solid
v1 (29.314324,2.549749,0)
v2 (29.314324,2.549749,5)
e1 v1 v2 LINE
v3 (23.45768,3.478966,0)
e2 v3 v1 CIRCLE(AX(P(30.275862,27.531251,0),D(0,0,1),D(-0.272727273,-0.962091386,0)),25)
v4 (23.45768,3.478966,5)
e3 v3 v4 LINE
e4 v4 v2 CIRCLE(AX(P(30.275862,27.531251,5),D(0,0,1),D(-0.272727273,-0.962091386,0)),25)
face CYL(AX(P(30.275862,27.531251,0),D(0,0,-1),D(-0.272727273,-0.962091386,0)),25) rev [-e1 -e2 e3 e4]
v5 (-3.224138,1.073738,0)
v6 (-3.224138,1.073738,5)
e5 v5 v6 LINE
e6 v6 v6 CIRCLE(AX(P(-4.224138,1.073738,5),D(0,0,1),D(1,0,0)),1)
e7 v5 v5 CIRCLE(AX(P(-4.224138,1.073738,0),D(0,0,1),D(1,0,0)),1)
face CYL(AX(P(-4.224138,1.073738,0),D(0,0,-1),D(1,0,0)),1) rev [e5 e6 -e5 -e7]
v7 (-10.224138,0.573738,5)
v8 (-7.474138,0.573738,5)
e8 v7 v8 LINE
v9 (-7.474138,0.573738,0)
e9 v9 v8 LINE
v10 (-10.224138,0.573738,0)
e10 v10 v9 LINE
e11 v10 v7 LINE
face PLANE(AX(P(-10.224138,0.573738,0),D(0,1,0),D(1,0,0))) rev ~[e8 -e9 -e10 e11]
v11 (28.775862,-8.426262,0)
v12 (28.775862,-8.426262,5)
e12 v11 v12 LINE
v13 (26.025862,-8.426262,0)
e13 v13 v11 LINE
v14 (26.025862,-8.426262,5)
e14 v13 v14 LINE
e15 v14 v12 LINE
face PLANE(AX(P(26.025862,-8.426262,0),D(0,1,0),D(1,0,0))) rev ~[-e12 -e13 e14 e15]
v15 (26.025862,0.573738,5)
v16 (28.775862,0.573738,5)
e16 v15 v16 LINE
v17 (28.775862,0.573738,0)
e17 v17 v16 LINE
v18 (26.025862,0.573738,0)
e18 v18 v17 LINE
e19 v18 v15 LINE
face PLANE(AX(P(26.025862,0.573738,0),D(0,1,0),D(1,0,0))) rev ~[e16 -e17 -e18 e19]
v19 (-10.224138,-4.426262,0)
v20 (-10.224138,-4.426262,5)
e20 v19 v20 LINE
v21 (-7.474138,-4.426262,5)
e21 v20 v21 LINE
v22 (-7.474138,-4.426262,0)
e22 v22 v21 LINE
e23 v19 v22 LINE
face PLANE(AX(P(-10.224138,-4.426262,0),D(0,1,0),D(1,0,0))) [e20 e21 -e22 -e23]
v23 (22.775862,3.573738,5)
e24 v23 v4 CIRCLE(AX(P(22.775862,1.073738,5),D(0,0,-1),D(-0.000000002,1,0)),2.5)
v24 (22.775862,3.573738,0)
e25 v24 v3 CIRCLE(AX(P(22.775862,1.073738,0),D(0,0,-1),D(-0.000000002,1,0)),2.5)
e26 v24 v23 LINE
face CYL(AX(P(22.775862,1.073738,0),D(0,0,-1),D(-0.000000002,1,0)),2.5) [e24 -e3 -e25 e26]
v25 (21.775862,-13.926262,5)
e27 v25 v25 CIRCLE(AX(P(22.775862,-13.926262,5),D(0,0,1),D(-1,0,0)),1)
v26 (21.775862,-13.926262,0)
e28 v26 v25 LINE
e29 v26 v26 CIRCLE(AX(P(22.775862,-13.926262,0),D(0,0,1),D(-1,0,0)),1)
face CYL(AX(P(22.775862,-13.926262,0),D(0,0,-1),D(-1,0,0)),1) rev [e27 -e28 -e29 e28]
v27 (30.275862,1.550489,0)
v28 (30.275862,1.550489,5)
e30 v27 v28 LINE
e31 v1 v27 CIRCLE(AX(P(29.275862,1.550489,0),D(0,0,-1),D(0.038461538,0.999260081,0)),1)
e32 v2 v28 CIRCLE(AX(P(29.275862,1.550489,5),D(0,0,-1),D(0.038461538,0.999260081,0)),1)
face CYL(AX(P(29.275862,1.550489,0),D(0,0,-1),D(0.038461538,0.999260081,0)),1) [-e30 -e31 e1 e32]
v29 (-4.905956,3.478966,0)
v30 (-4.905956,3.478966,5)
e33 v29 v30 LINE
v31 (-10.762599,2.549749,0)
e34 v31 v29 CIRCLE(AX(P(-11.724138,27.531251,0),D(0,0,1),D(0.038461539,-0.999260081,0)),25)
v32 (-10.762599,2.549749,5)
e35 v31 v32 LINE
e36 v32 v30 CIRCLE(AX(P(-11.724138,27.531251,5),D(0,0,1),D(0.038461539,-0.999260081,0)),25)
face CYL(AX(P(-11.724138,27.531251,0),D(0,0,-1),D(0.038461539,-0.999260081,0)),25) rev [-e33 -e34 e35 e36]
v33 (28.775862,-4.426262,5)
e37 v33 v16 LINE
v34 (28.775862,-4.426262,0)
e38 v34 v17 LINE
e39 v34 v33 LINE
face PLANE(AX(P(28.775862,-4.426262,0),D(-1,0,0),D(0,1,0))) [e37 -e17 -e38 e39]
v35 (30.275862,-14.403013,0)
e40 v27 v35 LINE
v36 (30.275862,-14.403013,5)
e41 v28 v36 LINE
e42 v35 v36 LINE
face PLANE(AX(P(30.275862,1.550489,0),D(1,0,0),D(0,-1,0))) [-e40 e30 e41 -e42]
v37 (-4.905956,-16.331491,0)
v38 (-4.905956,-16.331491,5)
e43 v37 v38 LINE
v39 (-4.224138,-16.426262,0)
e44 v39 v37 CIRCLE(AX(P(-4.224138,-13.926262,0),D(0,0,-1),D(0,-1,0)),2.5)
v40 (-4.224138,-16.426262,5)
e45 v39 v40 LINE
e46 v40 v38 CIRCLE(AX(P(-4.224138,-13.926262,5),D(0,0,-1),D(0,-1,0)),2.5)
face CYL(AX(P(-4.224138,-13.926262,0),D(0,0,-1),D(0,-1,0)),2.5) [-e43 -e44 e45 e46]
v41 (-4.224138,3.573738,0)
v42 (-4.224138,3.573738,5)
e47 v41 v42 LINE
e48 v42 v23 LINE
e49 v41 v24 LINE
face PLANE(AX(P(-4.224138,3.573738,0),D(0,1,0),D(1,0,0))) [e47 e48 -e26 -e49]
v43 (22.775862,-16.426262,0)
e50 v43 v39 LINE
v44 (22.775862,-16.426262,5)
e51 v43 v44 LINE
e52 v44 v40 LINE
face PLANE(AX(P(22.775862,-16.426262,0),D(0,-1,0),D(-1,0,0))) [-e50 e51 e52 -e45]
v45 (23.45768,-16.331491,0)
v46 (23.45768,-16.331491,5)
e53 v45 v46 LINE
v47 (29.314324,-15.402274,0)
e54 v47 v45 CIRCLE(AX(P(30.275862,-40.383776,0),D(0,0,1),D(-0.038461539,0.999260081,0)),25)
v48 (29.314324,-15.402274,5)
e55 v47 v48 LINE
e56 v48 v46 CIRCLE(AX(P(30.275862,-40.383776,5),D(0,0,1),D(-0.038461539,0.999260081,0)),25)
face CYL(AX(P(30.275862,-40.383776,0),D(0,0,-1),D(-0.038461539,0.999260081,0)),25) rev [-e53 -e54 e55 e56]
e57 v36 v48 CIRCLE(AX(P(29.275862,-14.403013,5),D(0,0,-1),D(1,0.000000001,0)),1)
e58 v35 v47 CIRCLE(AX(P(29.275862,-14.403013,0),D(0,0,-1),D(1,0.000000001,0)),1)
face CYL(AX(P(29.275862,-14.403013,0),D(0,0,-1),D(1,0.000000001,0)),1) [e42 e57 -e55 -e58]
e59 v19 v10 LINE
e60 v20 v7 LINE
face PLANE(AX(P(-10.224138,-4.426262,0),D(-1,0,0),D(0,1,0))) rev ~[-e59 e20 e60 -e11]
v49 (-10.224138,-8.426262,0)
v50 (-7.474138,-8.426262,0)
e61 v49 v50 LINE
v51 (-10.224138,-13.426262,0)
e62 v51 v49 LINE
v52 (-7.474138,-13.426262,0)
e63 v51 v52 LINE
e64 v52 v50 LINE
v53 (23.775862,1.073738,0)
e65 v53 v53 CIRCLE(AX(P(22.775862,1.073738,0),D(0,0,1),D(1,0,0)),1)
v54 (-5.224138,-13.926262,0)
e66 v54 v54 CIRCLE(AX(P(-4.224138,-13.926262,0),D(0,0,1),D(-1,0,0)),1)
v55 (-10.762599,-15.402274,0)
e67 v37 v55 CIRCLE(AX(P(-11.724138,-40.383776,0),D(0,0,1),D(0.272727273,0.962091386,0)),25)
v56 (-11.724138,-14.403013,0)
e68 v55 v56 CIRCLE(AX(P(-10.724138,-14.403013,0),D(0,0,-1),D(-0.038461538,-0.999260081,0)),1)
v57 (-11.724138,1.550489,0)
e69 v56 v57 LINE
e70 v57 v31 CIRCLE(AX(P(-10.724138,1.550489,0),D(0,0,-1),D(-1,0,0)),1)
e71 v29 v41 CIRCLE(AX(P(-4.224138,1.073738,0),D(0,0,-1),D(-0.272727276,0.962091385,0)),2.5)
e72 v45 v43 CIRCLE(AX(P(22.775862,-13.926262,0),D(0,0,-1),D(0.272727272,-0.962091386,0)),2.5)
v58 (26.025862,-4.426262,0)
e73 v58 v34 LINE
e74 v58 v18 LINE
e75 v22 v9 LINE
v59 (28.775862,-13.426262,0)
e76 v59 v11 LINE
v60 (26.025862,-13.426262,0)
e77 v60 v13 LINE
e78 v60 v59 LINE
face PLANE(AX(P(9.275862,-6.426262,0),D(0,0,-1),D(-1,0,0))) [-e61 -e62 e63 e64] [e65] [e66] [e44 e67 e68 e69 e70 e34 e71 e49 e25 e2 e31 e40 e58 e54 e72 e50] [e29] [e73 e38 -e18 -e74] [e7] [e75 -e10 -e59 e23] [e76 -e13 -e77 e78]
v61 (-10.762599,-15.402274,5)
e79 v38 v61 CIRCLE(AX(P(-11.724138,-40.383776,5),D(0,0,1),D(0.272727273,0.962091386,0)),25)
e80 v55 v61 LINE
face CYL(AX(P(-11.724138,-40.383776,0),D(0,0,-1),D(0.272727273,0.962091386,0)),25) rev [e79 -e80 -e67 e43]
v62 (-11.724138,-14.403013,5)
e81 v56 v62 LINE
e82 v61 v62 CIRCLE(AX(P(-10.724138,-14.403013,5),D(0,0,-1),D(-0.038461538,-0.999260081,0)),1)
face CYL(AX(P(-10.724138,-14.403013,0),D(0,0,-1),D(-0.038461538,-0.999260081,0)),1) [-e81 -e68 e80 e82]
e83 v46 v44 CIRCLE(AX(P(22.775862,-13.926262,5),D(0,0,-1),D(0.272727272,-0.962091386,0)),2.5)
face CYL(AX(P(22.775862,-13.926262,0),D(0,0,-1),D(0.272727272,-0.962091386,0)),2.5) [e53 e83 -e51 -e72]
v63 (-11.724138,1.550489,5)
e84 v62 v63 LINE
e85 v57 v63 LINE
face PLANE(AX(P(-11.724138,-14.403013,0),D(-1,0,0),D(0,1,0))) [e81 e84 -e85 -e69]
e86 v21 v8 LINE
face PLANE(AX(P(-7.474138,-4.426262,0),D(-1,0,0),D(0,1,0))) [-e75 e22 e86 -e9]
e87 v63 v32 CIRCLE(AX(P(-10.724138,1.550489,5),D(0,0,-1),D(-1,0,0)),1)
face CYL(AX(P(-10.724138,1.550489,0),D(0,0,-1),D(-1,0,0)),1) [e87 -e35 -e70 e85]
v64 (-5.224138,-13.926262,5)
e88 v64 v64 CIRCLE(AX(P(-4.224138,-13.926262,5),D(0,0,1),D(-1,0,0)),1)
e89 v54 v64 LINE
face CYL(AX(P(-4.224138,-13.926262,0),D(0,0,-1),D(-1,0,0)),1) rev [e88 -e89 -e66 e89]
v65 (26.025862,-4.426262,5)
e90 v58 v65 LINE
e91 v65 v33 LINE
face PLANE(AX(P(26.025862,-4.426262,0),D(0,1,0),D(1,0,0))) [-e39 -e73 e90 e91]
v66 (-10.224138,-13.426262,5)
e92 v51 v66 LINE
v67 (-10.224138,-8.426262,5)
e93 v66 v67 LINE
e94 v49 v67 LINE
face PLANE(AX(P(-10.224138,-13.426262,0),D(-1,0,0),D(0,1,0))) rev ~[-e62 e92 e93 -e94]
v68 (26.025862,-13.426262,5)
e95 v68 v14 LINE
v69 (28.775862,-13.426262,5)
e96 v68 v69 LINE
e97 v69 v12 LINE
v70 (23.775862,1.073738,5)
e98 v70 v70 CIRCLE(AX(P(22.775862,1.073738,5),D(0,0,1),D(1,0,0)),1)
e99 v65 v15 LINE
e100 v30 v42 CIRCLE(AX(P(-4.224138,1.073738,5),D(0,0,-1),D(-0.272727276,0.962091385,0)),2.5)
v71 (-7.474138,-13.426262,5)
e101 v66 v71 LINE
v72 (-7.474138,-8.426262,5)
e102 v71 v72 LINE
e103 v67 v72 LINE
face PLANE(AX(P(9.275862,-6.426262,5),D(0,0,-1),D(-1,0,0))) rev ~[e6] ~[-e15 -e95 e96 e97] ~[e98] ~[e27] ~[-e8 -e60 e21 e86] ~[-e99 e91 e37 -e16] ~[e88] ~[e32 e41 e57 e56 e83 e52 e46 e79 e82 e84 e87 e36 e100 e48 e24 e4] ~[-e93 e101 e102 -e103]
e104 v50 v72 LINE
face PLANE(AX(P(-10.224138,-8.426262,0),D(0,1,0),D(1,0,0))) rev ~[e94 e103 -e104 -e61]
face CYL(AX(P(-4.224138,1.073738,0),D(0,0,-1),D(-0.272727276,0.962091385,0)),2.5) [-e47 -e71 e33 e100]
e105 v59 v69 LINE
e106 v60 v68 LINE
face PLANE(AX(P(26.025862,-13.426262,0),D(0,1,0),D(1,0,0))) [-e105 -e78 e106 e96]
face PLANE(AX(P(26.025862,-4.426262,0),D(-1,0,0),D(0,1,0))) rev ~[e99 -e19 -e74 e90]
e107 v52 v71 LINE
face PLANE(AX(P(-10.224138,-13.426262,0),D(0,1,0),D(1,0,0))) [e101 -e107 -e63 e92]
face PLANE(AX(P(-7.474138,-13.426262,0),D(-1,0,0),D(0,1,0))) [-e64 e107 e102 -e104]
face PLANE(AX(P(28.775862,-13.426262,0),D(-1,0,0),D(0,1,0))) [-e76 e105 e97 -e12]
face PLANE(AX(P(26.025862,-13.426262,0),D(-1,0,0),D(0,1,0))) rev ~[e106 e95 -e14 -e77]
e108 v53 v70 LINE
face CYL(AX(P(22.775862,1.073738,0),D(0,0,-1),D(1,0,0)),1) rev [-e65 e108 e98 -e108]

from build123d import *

# Parameters (mm, degrees)
ESQUISSE1_R        = 1
ESQUISSE1_W        = 2.75
ESQUISSE1_H        = 5
BOSS_EXTRU_1_DEPTH = 5


with BuildPart() as part:
    # Esquisse1 → Boss.-Extru.1 (new body)
    with BuildSketch(Plane.XY):
        with BuildLine():
            Line((22.775862069, -16.426262466), (-4.224137931, -16.426262466))
            ThreePointArc((-4.224137931, -16.426262466), (-4.568324536, -16.402456235), (-4.905956113, -16.331490931))
            ThreePointArc((-4.905956113, -16.331490931), (-7.806629393, -15.692620747), (-10.762599469, -15.402273545))
            ThreePointArc((-10.762599469, -15.402273545), (-11.444714623, -15.096388709), (-11.724137931, -14.403013463))
            Line((-11.724137931, -14.403013463), (-11.724137931, 1.550488531))
            ThreePointArc((-11.724137931, 1.550488531), (-11.444714623, 2.243863776), (-10.762599469, 2.549748612))
            ThreePointArc((-10.762599469, 2.549748612), (-7.806629393, 2.840095814), (-4.905956113, 3.478965998))
            ThreePointArc((-4.905956113, 3.478965998), (-4.568324536, 3.549931303), (-4.224137931, 3.573737534))
            Line((-4.224137931, 3.573737534), (22.775862069, 3.573737534))
            ThreePointArc((22.775862069, 3.573737534), (23.120048674, 3.549931303), (23.457680251, 3.478965998))
            ThreePointArc((23.457680251, 3.478965998), (26.358353531, 2.840095814), (29.314323607, 2.549748612))
            ThreePointArc((29.314323607, 2.549748612), (29.996438761, 2.243863776), (30.275862069, 1.550488531))
            Line((30.275862069, 1.550488531), (30.275862069, -14.403013463))
            ThreePointArc((30.275862069, -14.403013463), (29.996438761, -15.096388709), (29.314323607, -15.402273545))
            ThreePointArc((29.314323607, -15.402273545), (26.358353531, -15.692620747), (23.457680251, -16.331490931))
            ThreePointArc((23.457680251, -16.331490931), (23.120048674, -16.402456235), (22.775862069, -16.426262466))
        make_face()
        with Locations((-4.224137931, 1.073737534)):
            Circle(ESQUISSE1_R, mode=Mode.SUBTRACT)
        with Locations((22.775862069, 1.073737534)):
            Circle(ESQUISSE1_R, mode=Mode.SUBTRACT)
        with Locations(Location((22.775862069, -13.926262466, 0), (0, 0, 180))):
            Circle(ESQUISSE1_R, mode=Mode.SUBTRACT)
        with Locations(Location((-4.224137931, -13.926262466, 0), (0, 0, 180))):
            Circle(ESQUISSE1_R, mode=Mode.SUBTRACT)
        with Locations((27.400862069, -10.926262466)):
            Rectangle(ESQUISSE1_W, ESQUISSE1_H, mode=Mode.SUBTRACT)
        with Locations((-8.849137931, -1.926262466)):
            Rectangle(ESQUISSE1_W, ESQUISSE1_H, mode=Mode.SUBTRACT)
        with Locations((-8.849137931, -10.926262466)):
            Rectangle(ESQUISSE1_W, ESQUISSE1_H, mode=Mode.SUBTRACT)
        with Locations((27.400862069, -1.926262466)):
            Rectangle(ESQUISSE1_W, ESQUISSE1_H, mode=Mode.SUBTRACT)
    extrude(amount=BOSS_EXTRU_1_DEPTH)


solid = part.part
